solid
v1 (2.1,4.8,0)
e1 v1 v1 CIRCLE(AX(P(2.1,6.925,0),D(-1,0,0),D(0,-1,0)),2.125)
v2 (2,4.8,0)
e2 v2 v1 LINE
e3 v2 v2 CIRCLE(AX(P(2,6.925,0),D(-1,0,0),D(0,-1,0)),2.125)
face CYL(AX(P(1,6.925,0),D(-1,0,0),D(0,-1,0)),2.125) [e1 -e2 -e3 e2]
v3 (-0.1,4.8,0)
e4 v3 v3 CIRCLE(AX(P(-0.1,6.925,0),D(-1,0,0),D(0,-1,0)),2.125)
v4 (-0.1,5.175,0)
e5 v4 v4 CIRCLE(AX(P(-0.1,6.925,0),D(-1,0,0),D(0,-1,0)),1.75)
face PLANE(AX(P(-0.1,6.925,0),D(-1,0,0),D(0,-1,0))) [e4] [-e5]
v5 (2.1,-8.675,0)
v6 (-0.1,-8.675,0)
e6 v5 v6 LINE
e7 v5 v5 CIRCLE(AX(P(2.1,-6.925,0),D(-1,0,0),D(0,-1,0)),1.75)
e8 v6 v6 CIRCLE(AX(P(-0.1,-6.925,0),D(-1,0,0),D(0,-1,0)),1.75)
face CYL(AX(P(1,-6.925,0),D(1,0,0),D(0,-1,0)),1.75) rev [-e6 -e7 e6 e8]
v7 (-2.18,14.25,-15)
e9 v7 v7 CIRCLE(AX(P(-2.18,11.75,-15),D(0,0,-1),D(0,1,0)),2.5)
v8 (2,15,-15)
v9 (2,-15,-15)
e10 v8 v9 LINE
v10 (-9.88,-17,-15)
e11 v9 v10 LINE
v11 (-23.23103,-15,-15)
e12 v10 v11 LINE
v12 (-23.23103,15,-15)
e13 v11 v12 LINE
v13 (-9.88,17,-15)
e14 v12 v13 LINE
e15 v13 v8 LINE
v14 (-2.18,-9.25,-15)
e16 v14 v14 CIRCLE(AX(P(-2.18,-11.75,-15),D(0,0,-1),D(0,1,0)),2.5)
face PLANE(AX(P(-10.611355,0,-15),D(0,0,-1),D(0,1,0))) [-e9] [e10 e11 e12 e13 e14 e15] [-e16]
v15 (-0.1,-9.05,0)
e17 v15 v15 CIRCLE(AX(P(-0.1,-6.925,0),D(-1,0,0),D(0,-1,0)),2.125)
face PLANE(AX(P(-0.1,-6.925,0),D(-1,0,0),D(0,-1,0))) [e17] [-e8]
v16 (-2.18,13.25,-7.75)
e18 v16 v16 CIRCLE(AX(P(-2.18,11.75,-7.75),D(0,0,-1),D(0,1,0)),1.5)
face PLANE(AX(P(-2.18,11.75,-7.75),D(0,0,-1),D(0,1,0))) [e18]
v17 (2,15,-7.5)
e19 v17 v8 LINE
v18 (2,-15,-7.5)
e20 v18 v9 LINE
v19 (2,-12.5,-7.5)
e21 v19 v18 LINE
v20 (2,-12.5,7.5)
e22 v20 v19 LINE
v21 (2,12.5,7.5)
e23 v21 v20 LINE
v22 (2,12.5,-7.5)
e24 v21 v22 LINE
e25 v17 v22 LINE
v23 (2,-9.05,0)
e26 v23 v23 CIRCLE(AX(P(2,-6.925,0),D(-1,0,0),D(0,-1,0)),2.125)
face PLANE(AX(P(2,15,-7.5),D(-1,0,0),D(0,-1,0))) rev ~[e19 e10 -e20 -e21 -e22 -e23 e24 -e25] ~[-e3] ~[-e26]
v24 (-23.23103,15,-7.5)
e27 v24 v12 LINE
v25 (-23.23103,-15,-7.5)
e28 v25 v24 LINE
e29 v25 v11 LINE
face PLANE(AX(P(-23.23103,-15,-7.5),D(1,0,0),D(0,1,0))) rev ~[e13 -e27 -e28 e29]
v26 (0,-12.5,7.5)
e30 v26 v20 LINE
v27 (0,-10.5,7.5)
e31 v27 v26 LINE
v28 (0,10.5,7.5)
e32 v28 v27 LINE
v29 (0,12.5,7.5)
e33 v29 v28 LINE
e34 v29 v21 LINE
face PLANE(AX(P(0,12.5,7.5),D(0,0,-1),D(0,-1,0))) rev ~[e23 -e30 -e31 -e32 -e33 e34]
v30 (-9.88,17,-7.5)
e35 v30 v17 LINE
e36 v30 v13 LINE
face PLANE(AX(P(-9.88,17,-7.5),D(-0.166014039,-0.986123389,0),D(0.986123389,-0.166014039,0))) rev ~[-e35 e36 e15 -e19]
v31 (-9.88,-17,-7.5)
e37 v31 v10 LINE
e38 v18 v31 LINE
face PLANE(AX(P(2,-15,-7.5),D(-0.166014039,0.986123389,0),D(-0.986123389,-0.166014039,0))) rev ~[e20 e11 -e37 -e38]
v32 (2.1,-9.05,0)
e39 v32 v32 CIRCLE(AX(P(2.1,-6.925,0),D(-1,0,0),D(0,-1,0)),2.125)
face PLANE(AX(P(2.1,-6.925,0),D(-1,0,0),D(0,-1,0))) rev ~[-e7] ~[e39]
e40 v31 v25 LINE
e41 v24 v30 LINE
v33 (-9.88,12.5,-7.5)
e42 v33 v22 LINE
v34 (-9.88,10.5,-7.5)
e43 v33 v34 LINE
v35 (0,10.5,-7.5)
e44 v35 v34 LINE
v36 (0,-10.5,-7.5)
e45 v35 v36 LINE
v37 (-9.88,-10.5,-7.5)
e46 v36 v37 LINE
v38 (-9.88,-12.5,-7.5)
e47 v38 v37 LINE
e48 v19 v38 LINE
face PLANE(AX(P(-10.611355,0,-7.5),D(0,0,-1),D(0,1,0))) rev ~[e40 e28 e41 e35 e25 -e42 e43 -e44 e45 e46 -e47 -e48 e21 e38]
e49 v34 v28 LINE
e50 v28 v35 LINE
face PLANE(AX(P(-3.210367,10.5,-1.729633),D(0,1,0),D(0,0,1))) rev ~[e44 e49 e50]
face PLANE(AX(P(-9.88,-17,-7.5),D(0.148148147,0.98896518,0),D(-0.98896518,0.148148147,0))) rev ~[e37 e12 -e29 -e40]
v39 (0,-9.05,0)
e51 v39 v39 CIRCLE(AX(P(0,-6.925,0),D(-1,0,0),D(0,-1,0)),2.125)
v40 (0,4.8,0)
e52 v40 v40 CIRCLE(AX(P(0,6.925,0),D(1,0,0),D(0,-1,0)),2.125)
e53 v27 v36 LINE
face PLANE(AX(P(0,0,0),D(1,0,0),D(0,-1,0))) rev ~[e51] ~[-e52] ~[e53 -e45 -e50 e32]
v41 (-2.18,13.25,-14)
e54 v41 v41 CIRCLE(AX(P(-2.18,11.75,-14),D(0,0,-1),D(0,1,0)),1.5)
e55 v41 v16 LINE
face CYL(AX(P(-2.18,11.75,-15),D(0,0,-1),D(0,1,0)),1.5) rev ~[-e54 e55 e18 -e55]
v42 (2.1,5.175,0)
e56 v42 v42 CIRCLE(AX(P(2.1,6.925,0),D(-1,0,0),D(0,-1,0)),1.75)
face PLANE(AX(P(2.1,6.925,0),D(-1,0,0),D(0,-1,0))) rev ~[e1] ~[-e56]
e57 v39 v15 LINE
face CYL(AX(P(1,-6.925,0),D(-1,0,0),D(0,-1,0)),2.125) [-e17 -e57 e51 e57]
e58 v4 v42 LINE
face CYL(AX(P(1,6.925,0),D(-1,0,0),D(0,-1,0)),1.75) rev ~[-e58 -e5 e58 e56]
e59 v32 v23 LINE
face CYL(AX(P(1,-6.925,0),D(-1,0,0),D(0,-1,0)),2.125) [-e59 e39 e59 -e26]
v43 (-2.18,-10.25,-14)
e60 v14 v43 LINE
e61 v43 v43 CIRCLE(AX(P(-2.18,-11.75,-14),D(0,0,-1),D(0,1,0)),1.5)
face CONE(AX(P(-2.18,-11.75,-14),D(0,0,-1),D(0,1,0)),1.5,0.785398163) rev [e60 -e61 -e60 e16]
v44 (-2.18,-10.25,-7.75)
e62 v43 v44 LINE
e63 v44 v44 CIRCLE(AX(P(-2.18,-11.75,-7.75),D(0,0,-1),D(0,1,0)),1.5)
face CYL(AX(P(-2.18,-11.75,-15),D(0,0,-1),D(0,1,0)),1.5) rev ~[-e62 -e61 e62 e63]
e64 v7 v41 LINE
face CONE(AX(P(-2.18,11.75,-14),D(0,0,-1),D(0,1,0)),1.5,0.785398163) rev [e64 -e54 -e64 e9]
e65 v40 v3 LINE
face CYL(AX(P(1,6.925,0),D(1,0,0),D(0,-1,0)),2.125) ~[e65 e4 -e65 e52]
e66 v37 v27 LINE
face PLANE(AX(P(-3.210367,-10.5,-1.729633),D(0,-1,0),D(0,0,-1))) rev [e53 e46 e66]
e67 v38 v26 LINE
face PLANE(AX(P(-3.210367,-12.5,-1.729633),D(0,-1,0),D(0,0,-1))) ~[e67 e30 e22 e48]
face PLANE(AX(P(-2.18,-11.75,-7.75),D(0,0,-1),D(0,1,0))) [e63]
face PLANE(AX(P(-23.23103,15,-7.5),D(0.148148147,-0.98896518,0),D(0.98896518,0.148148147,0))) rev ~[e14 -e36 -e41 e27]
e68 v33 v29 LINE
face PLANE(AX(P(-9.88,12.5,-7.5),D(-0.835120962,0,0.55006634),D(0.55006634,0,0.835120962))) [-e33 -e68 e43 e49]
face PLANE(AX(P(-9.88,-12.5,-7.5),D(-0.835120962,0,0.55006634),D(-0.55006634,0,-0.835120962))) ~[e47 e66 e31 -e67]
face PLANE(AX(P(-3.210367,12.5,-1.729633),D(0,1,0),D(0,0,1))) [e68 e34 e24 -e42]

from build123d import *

# Parameters (mm, degrees)
SKETCH030_W             = 25
SKETCH030_H             = 15
PAD007_DEPTH            = 2
PAD008_DEPTH            = 7.5
SKETCH032_R             = 1.5
POCKET007_DEPTH         = 7.25
SKETCH031_R             = 1.75
POCKET008_DEPTH         = 5
PAD009_DEPTH            = 2
CHAMFER005_SIZE         = 1
SKETCH035_R             = 2.125
SKETCH035_R_2           = 1.75
PAD010_DEPTH            = 1.1
BODY003_PLACEMENT_ANGLE = 180


with BuildPart() as part:
    # Sketch030 → Pad007 (new body)
    with BuildSketch(Plane.YZ):
        Rectangle(SKETCH030_W, SKETCH030_H)
    extrude(amount=PAD007_DEPTH)

    # Sketch033 (on Face4 of Pad007) → Pad008 (join)
    with BuildSketch(Plane(origin=(0, 0, 7.5), x_dir=(0, -1, 0), z_dir=(0, 0, 1))):
        Polygon((-15, -23.23103), (15, -23.23103), (17, -9.88), (15, 2), (-15, 2), (-17, -9.88), align=None)
    extrude(amount=PAD008_DEPTH)

    # Sketch032 (on Face13 of Pad008) → Pocket007 (cut)
    with BuildSketch(Plane(origin=(0, 0, 15), x_dir=(0, -1, 0), z_dir=(0, 0, 1))):
        with Locations((11.75, -2.18)):
            Circle(SKETCH032_R)
        with Locations((-11.75, -2.18)):
            Circle(SKETCH032_R)
    extrude(amount=-POCKET007_DEPTH, mode=Mode.SUBTRACT)

    # Sketch031 (on Face4 of Pad008) → Pocket008 (cut)
    with BuildSketch(Plane(origin=(0, 0, 0), x_dir=(0, 1, 0), z_dir=(-1, 0, 0))):
        with Locations((-6.925, 0)):
            Circle(SKETCH031_R)
        with Locations((6.925, 0)):
            Circle(SKETCH031_R)
    extrude(amount=-POCKET008_DEPTH, mode=Mode.SUBTRACT)

    # Sketch034 (on Face1 of Pocket008) → Pad009 (join)
    with BuildSketch(Plane(origin=(0, -12.5, 0), x_dir=(0, 0, -1), z_dir=(0, -1, 0))):
        Polygon((-7.5, -9.88), (7.5, 0), (-7.5, 0), align=None)
    pad009 = extrude(amount=-PAD009_DEPTH)

    # Mirrored001: Pad009 across XZ
    add(pad009.mirror(Plane.XZ))

    # Chamfer005
    chamfer005_edges = [part.edges().sort_by_distance(p)[0] for p in [
        (-2.18, 13.25, 15),
        (-2.18, -10.25, 15),
    ]]
    chamfer(chamfer005_edges, length=CHAMFER005_SIZE)

    # Sketch035 (on Face19 of Chamfer005) → Pad010 (join, symmetric)
    with BuildSketch(Plane(origin=(1, 0, 0), x_dir=(0, 1, 0), z_dir=(-1, 0, 0))):
        with Locations((-6.925, 0)):
            Circle(SKETCH035_R)
        with Locations((-6.925, 0)):
            Circle(SKETCH035_R_2, mode=Mode.SUBTRACT)
        with Locations((6.925, 0)):
            Circle(SKETCH035_R)
        with Locations((6.925, 0)):
            Circle(SKETCH035_R_2, mode=Mode.SUBTRACT)
    extrude(amount=PAD010_DEPTH, both=True)


with BuildPart() as part_1:
    # Body003 placement: moved
    add(part.part.rotate(Axis((0, 0, 0), (1, 0, 0)), BODY003_PLACEMENT_ANGLE))


solid = part_1.part
